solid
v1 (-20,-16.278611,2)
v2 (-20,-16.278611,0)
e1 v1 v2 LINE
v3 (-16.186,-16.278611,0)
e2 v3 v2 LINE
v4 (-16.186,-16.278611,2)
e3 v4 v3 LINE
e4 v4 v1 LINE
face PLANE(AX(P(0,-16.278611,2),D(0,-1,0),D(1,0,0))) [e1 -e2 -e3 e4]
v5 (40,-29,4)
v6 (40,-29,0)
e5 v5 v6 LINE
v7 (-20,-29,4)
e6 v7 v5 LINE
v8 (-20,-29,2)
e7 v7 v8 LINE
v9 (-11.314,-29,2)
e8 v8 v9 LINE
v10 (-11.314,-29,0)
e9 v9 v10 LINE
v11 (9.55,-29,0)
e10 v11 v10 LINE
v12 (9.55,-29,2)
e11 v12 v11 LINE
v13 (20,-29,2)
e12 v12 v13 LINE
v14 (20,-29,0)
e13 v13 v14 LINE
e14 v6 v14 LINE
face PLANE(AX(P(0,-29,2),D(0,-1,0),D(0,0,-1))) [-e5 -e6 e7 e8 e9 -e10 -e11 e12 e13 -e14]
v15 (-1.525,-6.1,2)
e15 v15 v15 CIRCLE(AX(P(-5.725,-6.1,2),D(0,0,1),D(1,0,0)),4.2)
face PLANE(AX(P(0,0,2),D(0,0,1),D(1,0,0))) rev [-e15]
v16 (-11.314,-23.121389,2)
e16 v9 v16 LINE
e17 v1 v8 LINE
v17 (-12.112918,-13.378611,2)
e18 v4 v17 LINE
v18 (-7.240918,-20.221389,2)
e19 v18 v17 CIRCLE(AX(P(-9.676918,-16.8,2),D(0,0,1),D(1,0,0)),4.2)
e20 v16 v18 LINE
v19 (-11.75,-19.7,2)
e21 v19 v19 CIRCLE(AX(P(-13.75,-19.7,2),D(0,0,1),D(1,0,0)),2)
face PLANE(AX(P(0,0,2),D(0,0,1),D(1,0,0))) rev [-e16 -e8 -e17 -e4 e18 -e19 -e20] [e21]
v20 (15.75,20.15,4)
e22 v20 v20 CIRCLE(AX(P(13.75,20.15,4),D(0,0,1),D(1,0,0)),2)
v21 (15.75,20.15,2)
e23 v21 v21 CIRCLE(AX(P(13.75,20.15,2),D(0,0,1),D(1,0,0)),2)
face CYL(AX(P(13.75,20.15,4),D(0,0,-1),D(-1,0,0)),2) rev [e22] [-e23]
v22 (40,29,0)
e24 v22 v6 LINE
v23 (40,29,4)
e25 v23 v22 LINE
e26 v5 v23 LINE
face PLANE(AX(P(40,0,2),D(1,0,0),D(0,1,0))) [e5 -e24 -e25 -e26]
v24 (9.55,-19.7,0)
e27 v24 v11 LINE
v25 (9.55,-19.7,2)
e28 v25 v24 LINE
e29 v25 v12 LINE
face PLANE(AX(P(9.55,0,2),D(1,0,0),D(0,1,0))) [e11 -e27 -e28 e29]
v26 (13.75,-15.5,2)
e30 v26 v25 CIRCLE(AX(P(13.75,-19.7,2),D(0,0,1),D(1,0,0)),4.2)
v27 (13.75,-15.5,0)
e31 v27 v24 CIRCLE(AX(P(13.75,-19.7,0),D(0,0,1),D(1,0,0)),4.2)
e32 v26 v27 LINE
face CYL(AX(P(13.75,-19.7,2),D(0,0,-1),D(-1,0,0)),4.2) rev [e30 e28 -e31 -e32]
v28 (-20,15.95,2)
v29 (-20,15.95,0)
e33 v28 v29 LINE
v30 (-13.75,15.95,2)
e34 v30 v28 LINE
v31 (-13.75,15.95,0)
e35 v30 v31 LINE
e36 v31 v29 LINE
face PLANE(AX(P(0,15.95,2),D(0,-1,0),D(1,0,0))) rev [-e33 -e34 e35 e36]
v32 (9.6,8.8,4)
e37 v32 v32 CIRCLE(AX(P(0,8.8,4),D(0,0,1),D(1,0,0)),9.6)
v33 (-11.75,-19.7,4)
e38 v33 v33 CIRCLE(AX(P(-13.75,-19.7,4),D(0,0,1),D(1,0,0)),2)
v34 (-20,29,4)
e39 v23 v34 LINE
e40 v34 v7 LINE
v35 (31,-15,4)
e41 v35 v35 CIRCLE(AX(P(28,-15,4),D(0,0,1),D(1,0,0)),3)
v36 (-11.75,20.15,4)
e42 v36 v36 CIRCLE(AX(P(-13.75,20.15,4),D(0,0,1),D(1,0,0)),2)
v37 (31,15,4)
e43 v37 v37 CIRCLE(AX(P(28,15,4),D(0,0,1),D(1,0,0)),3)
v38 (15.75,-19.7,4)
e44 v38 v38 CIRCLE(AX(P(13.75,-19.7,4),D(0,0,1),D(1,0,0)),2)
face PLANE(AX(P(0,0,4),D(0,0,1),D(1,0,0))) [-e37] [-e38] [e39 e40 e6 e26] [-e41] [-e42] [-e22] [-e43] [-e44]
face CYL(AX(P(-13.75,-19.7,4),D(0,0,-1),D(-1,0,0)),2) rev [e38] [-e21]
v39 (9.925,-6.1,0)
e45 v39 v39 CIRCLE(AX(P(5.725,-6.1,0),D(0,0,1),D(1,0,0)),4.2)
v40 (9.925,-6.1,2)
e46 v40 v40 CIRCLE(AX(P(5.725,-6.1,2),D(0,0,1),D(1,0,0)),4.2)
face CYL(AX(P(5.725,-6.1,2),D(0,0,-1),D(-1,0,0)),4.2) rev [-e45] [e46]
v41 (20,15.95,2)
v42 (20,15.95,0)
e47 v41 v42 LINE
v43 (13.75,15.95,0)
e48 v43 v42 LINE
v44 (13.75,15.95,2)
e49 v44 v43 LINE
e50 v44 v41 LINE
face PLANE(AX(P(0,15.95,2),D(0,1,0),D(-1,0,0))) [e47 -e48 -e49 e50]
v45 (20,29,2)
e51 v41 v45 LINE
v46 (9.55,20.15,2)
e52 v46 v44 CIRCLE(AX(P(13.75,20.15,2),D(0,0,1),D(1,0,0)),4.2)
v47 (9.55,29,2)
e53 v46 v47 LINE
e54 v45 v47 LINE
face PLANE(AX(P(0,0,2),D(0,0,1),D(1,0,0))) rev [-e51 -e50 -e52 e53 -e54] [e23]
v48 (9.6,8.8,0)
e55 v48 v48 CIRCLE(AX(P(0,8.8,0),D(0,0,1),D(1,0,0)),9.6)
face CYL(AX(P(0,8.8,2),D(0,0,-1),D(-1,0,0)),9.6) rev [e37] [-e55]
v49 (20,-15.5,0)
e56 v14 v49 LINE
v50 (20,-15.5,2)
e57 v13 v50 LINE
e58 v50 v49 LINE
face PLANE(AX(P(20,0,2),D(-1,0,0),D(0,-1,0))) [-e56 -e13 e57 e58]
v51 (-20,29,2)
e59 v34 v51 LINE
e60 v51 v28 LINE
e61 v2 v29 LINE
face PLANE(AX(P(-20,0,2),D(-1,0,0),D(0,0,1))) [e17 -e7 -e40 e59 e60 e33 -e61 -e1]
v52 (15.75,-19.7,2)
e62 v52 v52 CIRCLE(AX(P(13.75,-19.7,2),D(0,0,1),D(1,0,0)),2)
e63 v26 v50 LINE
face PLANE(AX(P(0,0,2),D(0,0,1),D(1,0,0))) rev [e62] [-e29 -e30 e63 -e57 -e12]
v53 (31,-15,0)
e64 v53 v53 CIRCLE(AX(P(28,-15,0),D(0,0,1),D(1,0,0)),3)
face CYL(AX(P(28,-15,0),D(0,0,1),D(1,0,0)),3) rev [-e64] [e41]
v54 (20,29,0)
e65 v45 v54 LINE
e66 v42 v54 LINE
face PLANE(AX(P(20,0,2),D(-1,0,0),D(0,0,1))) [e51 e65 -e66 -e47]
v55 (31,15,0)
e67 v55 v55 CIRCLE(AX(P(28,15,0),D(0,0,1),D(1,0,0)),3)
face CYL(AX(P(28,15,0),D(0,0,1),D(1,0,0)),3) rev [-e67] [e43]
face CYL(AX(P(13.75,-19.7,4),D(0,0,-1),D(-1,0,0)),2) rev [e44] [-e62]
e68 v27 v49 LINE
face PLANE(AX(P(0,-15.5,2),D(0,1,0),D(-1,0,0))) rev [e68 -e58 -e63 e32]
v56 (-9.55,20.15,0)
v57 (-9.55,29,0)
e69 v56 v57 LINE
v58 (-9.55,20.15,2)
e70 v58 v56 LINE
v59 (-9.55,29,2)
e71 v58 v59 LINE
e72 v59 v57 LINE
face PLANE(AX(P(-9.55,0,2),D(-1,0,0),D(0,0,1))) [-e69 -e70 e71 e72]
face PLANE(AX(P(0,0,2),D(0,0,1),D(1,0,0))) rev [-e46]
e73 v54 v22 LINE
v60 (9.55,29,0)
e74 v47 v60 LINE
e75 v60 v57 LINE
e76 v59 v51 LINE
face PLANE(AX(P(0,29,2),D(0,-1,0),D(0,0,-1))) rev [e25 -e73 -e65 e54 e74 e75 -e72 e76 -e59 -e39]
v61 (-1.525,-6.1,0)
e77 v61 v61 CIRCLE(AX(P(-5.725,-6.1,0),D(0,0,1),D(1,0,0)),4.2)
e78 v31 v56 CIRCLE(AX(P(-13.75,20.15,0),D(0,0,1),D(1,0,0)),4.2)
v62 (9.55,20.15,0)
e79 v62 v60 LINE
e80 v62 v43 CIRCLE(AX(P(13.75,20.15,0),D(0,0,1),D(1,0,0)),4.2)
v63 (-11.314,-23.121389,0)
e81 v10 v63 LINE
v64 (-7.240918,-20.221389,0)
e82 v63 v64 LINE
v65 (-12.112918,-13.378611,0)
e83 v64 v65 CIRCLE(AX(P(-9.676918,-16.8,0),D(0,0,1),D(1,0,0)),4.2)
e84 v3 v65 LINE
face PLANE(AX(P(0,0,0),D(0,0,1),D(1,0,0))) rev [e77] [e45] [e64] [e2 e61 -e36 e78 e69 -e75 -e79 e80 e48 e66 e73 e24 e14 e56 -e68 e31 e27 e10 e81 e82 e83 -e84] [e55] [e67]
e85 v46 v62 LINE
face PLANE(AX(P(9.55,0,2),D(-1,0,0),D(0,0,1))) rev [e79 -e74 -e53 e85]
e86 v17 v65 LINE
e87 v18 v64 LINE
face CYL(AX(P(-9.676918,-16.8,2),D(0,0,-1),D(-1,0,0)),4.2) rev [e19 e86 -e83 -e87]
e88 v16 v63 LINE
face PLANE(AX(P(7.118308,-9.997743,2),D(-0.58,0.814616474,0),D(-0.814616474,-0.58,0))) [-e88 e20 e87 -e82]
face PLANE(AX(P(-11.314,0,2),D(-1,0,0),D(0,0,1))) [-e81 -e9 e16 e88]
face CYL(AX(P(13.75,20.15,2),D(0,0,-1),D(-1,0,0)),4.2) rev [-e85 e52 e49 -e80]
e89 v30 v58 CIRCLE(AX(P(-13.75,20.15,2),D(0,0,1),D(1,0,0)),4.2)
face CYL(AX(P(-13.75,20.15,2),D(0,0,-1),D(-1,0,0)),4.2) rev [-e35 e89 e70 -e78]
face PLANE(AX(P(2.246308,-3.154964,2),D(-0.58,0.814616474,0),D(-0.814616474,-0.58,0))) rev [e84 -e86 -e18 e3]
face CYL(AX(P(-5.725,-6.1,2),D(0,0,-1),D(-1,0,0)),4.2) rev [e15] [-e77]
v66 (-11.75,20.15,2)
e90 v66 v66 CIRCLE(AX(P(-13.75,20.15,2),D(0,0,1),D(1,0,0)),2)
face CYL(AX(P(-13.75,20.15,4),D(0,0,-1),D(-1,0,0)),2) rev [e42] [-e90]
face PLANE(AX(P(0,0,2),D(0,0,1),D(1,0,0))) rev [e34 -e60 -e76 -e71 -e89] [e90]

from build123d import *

# Parameters (mm, degrees)
SKETCH1_R           = 9.6
SKETCH1_R_2         = 4.2
BOSS_EXTRUDE1_DEPTH = 2
SKETCH4_W           = 60
SKETCH4_H           = 58
SKETCH4_R           = 2
SKETCH4_R_2         = 9.6
BOSS_EXTRUDE3_DEPTH = 2
SKETCH5_R           = 3
CUT_EXTRUDE1_DEPTH  = 4


with BuildPart() as part:
    # Sketch1 → Boss-Extrude1 (new body)
    with BuildSketch(Plane.XY):
        with BuildLine():
            Line((40, 29), (20, 29))
            Line((20, 29), (20, 15.95))
            Line((20, 15.95), (13.75, 15.95))
            ThreePointArc((13.75, 15.95), (10.780151519, 17.180151519), (9.55, 20.15))
            Line((9.55, 20.15), (9.55, 29))
            Line((9.55, 29), (-9.55, 29))
            Line((-9.55, 29), (-9.55, 20.15))
            ThreePointArc((-9.55, 20.15), (-10.780151519, 17.180151519), (-13.75, 15.95))
            Line((-13.75, 15.95), (-20, 15.95))
            Line((-20, 15.95), (-20, -16.278610808))
            Line((-20, -16.278610808), (-16.186, -16.278610808))
            Line((-16.186, -16.278610808), (-12.112917629, -13.378610808))
            ThreePointArc((-12.112917629, -13.378610808), (-6.255528438, -14.364), (-7.240917629, -20.221389192))
            Line((-7.240917629, -20.221389192), (-11.314, -23.121389192))
            Line((-11.314, -23.121389192), (-11.314, -29))
            Line((-11.314, -29), (9.55, -29))
            Line((9.55, -29), (9.55, -19.7))
            ThreePointArc((9.55, -19.7), (10.780151519, -16.730151519), (13.75, -15.5))
            Line((13.75, -15.5), (20, -15.5))
            Line((20, -15.5), (20, -29))
            Line((20, -29), (40, -29))
            Line((40, -29), (40, 29))
        make_face()
        with Locations((0, 8.8)):
            Circle(SKETCH1_R, mode=Mode.SUBTRACT)
        with Locations((-5.725, -6.1)):
            Circle(SKETCH1_R_2, mode=Mode.SUBTRACT)
        with Locations((5.725, -6.1)):
            Circle(SKETCH1_R_2, mode=Mode.SUBTRACT)
    extrude(amount=BOSS_EXTRUDE1_DEPTH)

    # Sketch4 → Boss-Extrude3 (add)
    with BuildSketch(Plane.XY.offset(2)):
        with Locations((10, 0)):
            Rectangle(SKETCH4_W, SKETCH4_H)
        with Locations((13.75, -19.7)):
            Circle(SKETCH4_R, mode=Mode.SUBTRACT)
        with Locations((-13.75, 20.15)):
            Circle(SKETCH4_R, mode=Mode.SUBTRACT)
        with Locations((13.75, 20.15)):
            Circle(SKETCH4_R, mode=Mode.SUBTRACT)
        with Locations((-13.75, -19.7)):
            Circle(SKETCH4_R, mode=Mode.SUBTRACT)
        with Locations((0, 8.8)):
            Circle(SKETCH4_R_2, mode=Mode.SUBTRACT)
    extrude(amount=BOSS_EXTRUDE3_DEPTH)

    # Sketch5 → Cut-Extrude1 (cut)
    with BuildSketch(Plane.XY.offset(4)):
        with Locations((28, 15)):
            Circle(SKETCH5_R)
        with Locations((28, -15)):
            Circle(SKETCH5_R)
    extrude(amount=-CUT_EXTRUDE1_DEPTH, mode=Mode.SUBTRACT)


solid = part.part
